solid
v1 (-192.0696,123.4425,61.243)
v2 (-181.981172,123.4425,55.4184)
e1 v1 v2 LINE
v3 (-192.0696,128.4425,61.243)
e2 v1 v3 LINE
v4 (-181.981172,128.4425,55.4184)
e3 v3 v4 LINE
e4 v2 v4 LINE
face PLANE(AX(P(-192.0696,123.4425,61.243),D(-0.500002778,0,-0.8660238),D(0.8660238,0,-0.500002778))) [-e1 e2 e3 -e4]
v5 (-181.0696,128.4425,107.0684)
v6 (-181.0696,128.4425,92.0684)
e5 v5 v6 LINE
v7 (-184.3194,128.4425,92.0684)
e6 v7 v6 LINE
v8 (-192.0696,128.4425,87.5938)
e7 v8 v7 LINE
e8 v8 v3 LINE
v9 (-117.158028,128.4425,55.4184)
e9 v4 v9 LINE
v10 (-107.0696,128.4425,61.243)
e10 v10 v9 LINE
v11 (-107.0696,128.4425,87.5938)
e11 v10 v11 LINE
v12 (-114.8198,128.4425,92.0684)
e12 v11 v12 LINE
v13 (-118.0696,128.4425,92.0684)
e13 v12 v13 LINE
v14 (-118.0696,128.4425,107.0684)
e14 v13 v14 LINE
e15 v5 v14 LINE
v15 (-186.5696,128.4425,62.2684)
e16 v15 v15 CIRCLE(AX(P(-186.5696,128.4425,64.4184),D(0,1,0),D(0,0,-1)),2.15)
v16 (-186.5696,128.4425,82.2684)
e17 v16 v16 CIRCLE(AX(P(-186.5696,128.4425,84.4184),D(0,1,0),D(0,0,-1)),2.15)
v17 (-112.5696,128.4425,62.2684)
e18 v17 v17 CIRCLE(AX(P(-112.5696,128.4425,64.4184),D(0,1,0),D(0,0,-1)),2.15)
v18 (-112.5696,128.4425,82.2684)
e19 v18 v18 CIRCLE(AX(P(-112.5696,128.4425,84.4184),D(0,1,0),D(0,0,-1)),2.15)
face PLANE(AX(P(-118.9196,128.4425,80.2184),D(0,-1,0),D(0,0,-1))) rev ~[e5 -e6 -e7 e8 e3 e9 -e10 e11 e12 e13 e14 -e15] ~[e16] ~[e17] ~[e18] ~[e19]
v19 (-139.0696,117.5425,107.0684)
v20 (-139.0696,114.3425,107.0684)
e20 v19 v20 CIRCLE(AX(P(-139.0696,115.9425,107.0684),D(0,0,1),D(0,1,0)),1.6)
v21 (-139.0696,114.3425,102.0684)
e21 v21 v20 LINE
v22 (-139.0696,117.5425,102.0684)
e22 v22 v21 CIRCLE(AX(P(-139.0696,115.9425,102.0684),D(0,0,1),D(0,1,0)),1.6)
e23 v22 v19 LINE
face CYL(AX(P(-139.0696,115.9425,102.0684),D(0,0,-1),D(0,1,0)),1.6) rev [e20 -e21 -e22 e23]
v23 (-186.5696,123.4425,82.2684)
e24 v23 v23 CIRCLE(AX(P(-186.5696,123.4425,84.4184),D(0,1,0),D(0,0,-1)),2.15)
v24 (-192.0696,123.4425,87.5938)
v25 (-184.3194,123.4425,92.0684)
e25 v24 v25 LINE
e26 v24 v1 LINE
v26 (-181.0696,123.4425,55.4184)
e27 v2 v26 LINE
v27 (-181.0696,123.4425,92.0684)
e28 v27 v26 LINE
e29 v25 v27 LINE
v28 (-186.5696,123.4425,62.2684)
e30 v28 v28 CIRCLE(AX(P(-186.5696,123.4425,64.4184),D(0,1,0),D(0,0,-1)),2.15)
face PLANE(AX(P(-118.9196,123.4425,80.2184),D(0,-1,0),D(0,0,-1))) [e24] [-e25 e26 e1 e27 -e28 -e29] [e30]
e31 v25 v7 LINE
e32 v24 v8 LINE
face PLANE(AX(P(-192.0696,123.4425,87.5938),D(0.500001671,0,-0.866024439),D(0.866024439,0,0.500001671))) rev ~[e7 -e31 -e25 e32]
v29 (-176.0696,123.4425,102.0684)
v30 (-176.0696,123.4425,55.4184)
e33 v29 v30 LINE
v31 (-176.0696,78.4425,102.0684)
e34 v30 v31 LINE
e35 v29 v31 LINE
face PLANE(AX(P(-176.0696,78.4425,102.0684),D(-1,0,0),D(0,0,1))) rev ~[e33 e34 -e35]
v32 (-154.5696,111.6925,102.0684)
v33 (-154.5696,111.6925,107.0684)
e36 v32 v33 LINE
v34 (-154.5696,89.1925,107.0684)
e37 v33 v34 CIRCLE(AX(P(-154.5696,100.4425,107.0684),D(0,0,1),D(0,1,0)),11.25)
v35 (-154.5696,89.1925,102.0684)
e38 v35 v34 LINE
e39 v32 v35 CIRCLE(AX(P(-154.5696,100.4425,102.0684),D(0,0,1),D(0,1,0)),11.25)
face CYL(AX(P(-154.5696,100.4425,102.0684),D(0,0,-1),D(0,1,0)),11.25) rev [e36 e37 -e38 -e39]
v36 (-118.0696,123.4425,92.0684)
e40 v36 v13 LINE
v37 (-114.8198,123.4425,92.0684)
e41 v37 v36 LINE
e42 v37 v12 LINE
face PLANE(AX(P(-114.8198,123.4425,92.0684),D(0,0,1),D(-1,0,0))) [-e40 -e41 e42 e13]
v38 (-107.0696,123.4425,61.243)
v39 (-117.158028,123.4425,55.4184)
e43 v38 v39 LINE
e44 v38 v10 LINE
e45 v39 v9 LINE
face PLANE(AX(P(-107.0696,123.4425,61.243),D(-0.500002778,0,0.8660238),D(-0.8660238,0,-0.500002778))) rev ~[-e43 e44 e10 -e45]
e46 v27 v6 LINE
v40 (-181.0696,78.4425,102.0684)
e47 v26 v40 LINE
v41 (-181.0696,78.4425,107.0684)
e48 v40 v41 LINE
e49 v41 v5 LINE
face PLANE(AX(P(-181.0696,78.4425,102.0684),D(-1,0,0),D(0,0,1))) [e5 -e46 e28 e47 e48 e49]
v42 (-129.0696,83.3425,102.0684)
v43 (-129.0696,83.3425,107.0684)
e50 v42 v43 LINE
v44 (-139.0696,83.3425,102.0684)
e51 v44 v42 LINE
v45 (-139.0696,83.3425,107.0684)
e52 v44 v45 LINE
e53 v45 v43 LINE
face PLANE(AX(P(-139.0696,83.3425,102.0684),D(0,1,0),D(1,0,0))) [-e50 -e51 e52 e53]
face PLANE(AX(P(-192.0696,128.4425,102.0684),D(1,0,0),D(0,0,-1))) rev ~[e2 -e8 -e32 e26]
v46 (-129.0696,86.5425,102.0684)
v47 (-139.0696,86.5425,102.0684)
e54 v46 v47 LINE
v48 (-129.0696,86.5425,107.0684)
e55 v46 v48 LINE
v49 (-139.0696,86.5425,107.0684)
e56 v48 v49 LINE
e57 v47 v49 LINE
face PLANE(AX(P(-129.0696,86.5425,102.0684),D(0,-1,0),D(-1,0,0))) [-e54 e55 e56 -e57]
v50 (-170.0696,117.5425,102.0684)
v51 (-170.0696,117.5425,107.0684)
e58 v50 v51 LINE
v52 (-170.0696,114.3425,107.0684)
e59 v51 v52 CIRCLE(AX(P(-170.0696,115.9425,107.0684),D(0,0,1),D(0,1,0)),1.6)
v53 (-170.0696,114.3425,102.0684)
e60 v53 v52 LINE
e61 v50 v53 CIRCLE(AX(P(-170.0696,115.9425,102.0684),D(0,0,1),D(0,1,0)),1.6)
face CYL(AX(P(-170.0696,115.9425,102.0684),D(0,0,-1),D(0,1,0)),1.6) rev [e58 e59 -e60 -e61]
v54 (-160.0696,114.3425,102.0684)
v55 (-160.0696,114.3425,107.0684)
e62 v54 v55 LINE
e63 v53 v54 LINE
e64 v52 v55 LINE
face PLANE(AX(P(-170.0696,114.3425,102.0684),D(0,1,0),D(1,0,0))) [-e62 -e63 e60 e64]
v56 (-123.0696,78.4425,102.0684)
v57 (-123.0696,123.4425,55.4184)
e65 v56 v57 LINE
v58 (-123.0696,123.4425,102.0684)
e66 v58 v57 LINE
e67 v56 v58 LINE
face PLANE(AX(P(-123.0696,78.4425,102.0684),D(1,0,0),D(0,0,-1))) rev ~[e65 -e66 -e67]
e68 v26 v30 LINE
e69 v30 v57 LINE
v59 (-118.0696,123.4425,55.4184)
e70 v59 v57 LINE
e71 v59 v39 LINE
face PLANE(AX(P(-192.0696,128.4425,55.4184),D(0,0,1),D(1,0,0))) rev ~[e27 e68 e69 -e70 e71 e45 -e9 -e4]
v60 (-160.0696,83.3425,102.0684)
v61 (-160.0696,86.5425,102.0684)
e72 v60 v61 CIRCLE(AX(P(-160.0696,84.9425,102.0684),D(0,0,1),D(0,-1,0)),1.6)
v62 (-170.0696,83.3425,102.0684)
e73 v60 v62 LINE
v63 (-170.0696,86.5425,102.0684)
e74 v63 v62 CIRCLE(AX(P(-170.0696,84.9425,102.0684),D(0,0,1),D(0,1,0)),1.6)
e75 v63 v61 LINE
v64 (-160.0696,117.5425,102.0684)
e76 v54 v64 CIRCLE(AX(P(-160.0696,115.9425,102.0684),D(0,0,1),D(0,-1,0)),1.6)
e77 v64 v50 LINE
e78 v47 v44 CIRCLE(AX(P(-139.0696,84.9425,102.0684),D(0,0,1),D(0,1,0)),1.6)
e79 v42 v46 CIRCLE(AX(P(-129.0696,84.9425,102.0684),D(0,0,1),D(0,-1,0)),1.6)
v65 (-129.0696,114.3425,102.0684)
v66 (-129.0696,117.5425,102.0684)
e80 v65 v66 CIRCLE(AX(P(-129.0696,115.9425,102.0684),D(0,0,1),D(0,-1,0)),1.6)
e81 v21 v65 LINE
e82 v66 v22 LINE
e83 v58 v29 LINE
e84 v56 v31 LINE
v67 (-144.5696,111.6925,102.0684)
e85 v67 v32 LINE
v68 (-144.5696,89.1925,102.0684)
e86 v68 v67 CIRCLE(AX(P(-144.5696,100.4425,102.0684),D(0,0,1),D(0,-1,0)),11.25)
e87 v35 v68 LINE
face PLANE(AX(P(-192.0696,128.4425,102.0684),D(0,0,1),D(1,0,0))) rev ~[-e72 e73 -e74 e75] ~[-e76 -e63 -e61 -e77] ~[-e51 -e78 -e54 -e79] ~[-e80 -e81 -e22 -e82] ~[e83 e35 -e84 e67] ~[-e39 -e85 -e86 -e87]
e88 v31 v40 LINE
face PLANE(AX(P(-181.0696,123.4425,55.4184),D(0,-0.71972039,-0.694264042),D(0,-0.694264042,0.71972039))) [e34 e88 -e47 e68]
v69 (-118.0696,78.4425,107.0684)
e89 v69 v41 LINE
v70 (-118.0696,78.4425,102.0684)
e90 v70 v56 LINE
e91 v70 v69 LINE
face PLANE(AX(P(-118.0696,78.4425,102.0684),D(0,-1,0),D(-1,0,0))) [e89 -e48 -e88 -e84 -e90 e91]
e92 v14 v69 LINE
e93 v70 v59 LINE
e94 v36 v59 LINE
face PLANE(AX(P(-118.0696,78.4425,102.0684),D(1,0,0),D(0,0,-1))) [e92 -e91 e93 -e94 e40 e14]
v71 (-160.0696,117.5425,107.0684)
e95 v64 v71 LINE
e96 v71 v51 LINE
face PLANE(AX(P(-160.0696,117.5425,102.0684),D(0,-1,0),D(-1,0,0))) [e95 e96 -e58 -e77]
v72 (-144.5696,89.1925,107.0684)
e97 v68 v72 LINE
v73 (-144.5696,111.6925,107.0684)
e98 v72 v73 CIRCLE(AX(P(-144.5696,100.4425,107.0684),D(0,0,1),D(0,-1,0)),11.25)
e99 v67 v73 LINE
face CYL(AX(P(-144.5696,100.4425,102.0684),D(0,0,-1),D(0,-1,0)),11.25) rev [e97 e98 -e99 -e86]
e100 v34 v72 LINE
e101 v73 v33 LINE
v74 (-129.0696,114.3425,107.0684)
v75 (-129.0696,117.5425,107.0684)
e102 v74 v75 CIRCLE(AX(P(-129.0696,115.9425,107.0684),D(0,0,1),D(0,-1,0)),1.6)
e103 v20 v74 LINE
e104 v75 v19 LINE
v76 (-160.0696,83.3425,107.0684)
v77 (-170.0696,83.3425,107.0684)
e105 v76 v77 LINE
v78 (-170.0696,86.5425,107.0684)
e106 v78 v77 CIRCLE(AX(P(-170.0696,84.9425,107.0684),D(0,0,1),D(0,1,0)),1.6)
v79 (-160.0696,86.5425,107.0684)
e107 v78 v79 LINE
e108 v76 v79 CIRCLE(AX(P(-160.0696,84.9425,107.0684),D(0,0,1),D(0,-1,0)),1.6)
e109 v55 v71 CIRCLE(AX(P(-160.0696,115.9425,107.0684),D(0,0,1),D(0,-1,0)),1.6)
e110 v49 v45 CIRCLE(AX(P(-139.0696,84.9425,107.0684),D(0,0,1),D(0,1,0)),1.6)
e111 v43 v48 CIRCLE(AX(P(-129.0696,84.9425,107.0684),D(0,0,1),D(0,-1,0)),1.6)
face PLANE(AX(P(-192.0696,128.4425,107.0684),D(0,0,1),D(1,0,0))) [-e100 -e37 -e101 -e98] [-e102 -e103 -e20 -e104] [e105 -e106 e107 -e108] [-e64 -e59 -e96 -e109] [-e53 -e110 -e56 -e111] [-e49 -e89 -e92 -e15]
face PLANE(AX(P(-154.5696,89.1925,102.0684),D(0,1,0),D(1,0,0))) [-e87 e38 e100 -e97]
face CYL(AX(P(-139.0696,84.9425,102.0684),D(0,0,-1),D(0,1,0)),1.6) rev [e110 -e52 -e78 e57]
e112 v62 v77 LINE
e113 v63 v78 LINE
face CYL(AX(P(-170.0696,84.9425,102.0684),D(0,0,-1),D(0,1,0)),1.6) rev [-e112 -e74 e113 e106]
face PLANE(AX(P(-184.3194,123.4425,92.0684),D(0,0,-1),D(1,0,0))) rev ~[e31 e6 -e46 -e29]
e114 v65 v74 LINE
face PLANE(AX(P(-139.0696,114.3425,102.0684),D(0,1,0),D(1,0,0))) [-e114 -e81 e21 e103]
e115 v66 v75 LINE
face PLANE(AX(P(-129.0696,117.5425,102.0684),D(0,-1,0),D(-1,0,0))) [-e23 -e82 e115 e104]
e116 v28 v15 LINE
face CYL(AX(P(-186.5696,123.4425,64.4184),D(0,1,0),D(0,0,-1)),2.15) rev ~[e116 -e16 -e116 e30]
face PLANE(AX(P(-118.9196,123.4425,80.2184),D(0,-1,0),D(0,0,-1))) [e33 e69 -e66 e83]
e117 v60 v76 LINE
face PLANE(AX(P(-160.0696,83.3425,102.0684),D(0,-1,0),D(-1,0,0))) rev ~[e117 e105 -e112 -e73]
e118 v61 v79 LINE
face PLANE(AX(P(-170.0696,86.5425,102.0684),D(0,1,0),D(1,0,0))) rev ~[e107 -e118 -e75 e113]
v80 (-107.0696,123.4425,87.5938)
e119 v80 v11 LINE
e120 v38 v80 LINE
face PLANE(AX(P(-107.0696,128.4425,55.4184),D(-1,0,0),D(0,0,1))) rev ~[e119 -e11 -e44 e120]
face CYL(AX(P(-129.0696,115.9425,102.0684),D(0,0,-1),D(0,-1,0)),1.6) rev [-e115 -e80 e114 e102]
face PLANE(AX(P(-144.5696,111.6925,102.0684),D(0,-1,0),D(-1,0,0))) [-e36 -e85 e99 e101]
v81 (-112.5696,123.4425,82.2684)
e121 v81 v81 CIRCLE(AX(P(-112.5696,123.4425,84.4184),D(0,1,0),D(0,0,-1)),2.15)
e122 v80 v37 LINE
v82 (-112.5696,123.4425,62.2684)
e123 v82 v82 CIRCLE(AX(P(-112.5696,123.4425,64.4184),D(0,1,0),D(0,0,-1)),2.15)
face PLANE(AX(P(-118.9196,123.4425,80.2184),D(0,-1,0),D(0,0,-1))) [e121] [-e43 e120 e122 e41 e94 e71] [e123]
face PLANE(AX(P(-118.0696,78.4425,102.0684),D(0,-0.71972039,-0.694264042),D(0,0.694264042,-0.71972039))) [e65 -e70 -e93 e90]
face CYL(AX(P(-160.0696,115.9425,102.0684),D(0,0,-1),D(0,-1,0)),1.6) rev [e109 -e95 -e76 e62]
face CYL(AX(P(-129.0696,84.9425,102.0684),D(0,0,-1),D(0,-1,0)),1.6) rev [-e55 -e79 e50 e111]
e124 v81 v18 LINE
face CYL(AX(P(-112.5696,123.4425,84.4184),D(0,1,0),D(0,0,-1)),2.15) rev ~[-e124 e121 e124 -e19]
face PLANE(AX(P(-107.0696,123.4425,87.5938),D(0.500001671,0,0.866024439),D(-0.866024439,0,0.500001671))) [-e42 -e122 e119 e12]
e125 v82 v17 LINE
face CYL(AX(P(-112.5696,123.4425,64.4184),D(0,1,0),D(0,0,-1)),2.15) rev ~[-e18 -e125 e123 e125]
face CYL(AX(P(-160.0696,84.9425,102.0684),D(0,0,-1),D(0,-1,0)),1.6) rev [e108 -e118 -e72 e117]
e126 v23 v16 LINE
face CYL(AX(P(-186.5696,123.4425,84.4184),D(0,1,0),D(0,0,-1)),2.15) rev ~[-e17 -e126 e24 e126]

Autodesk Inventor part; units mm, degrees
ref_plane "XZ Plane" through (0, 0, 0) normal (0, 1, 0) x (-1, 0, 0)
ref_plane "XY Plane" through (0, 0, 0) normal (0, 0, 1) x (1, 0, 0)
ref_plane "Work Plane1" through (-118.9196, 128.4425, 80.2184) normal (0, -1, 0) x (0, 0, -1)
sketch "Sketch1" plane through (-118.9196, 128.4425, 80.2184) normal (0, -1, 0) x (0, 0, -1)
  line L0 (-4.2, -124) -> (-4.2, 744) construction
  line L1 (15.8, -124) -> (15.8, 744) construction
  line L2 (25.8, 100) -> (25.8, 520) construction
  line L3 (-21.85, -73.15) -> (24.8, -73.15)
  line L4 (24.8, -73.15) -> (24.8, 11.85)
  line L5 (24.8, 11.85) -> (-21.85, 11.85)
  line L6 (-21.85, 11.85) -> (-21.85, -73.15)
  line L7 (25.8, -30.65) -> (5.6685, -30.65) construction
  circle A0 centre (15.8, -67.65) radius 5.5 construction
  circle A1 centre (15.8, 6.35) radius 5.5 construction
  line L8 (5.8, -58.8473) -> (5.8, 42.3952) construction
  circle A2 centre (-4.2, -67.65) radius 5.5 construction
  circle A3 centre (-4.2, 6.35) radius 5.5 construction
  point P0 (80.2184, 118.9196)
  point P1 (18.9754, -73.15)
  point P2 (24.8, -26.5615)
  dimension "d0" = 1
  dimension "d1" = 47.65
  dimension "d3" = 11
  dimension "d4" = 63
  dimension "d7" = 0
  dimension "d9" = 10
  dimension "d10" = 10
extrude "Extrusion1" add sketch "Sketch1" along normal blind 5
ref_plane "Work Plane2" through (-149.5696, 123.4425, 102.0684) normal (1, 0, 0) x (0, 1, 0)
sketch "Sketch4" plane through (-192.0696, 128.4425, 102.0684) normal (0, 0, 1) x (1, 0, 0)
  line L0 (85, 0) -> (0, 0) construction
  line L1 (0, 0) -> (0, -5) construction
  line L2 (85, -5) -> (0, -5) construction
  line L3 (85, 0) -> (85, -5) construction
  line L4 (0, 0) -> (85, 0) construction
  line L5 (42.5, 0) -> (42.5, -58.6666) construction
  line L6 (11, 0) -> (74, 0)
  line L7 (74, 0) -> (74, -50)
  line L8 (74, -50) -> (11, -50)
  line L9 (11, -50) -> (11, 0)
  line L10 (27, -43.5) -> (58, -43.5) construction
  line L11 (58, -43.5) -> (58, -12.5) construction
  line L12 (58, -12.5) -> (27, -12.5) construction
  line L13 (27, -12.5) -> (27, -43.5) construction
  line L14 (27, -43.5) -> (58, -12.5) construction
  line L15 (58, -43.5) -> (27, -12.5) construction
  line L16 (32, -12.5) -> (22, -12.5) construction
  line L17 (32, -10.9) -> (22, -10.9)
  line L18 (22, -14.1) -> (32, -14.1)
  arc A0 (32, -14.1) -> (32, -10.9) centre (32, -12.5) ccw
  arc A1 (22, -10.9) -> (22, -14.1) centre (22, -12.5) ccw
  line L19 (53, -12.5) -> (63, -12.5) construction
  line L20 (53, -14.1) -> (63, -14.1)
  line L21 (63, -10.9) -> (53, -10.9)
  arc A2 (53, -10.9) -> (53, -14.1) centre (53, -12.5) ccw
  arc A3 (63, -14.1) -> (63, -10.9) centre (63, -12.5) ccw
  line L22 (32, -43.5) -> (22, -43.5) construction
  line L23 (32, -45.1) -> (22, -45.1)
  line L24 (22, -41.9) -> (32, -41.9)
  arc A4 (32, -45.1) -> (32, -41.9) centre (32, -43.5) ccw
  arc A5 (22, -41.9) -> (22, -45.1) centre (22, -43.5) ccw
  line L25 (53, -43.5) -> (63, -43.5) construction
  line L26 (53, -45.1) -> (63, -45.1)
  line L27 (63, -41.9) -> (53, -41.9)
  arc A6 (53, -41.9) -> (53, -45.1) centre (53, -43.5) ccw
  arc A7 (63, -45.1) -> (63, -41.9) centre (63, -43.5) ccw
  line L28 (37.5, -28) -> (47.5, -28) construction
  line L29 (37.5, -39.25) -> (47.5, -39.25)
  line L30 (47.5, -16.75) -> (37.5, -16.75)
  arc A8 (37.5, -16.75) -> (37.5, -39.25) centre (37.5, -28) ccw
  arc A9 (47.5, -39.25) -> (47.5, -16.75) centre (47.5, -28) ccw
  point P0 (192.0696, -128.4425)
  point P1 (42.5, -28)
  dimension "d14" = 63
  dimension "d15" = 45
  dimension "d16" = 31
  dimension "d17" = 31
  dimension "d18" = 3.2
  dimension "d19" = 10
  dimension "d21" = 10
  dimension "d22" = 1.6
  dimension "d23" = 10
  dimension "d24" = 10
  dimension "d25" = 1.6
  dimension "d26" = 1.6
  dimension "d27" = 22.5
  dimension "d28" = 10
extrude "Extrusion2" add sketch "Sketch4" along normal blind 5
sketch "Sketch5" plane through (-181.0696, 78.4425, 102.0684) normal (-1, 0, 0) x (0, 0, 1)
  line L0 (0, 45) -> (0, 0) projected
  line L1 (0, 45) -> (-46.65, 45) projected
  line L2 (-46.65, 50) -> (-46.65, 45) projected
  line L3 (0, 0) -> (0, 45) projected
  line L4 (-46.65, 45) -> (0, 0)
  point P0 (-102.0684, -78.4425)
extrude "Extrusion3" add sketch "Sketch5" against normal blind 5
sketch "Sketch6" plane through (-118.0696, 78.4425, 102.0684) normal (1, 0, 0) x (0, 0, -1)
  line L0 (0, 0) -> (46.65, 45) projected
  line L1 (0, 45) -> (46.65, 45) projected
  line L2 (0, 0) -> (0, 45) projected
  point P0 (102.0684, -78.4425)
extrude "Extrusion4" add sketch "Sketch6" against normal blind 5
sketch "Sketch7" plane through (-118.9196, 123.4425, 80.2184) normal (0, -1, 0) x (1, 0, 0)
  circle A0 centre (-67.65, -15.8) radius 5.5 construction
  circle A1 centre (-67.65, 4.2) radius 5.5 construction
  circle A2 centre (6.35, 4.2) radius 5.5 construction
  circle A3 centre (6.35, -15.8) radius 5.5 construction
  point P0 (118.9196, -80.2184)
hole "Hole1" at (-186.5696, 123.4425, 84.4184) at (-186.5696, 123.4425, 64.4184) at (-112.5696, 123.4425, 64.4184) at (-112.5696, 123.4425, 84.4184) direction (0, 1, 0) diameter 4.3 end through all clearance for "Hex Head Cap Screw DIN EN 24017" size "M4" standard "DIN"
sketch "Sketch8" plane through (-118.9196, 123.4425, 80.2184) normal (0, -1, 0) x (1, 0, 0)
  circle A0 centre (-67.65, 4.2) radius 2.15 projected
  circle A1 centre (-67.65, -15.8) radius 2.15 projected
  line L0 (-62.15, -24.8) -> (-62.15, 21.85) projected
  line L1 (-62.15, 21.85) -> (-73.15, 21.85) projected
  line L2 (-73.15, 21.85) -> (-73.15, -24.8) projected
  line L3 (-73.15, -24.8) -> (-62.15, -24.8) projected
  circle A2 centre (6.35, -15.8) radius 2.15 projected
  circle A3 centre (6.35, 4.2) radius 2.15 projected
  line L4 (0.85, 21.85) -> (0.85, -24.8) projected
  line L5 (0.85, -24.8) -> (11.85, -24.8) projected
  line L6 (11.85, -24.8) -> (11.85, 21.85) projected
  line L7 (11.85, 21.85) -> (0.85, 21.85) projected
  line L8 (-73.15, 7.3754) -> (-65.3998, 11.85)
  line L9 (-73.15, -18.9754) -> (-62.15, -25.3263)
  line L10 (11.85, 7.3754) -> (4.0998, 11.85)
  line L11 (11.85, -18.9754) -> (0.85, -25.3263)
  line L12 (-65.3998, 11.85) -> (-62.15, 11.85)
  line L13 (4.0998, 11.85) -> (0.85, 11.85)
  point P0 (118.9196, -80.2184)
  point P1 (37.3678, 12.85)
  point P2 (-28.6678, 12.85)
  point P3 (1.7615, -24.8)
  point P4 (-63.0615, -24.8)
  point P5 (37.3678, 12.85)
  dimension "d42" = 60
  dimension "d43" = 5.5
  dimension "d44" = 60
  dimension "d45" = 5.5
  dimension "d46" = 60
  dimension "d47" = 5.5
  dimension "d48" = 60
  dimension "d49" = 5.5
  dimension "d53" = 7.65
  dimension "d54" = 7.65
extrude "Extrusion5" cut sketch "Sketch8" against normal blind 5 contours L12 L8 L2 L1 L0 | L3 L2 L9 | L7 L6 L10 L13 L4 | L11 L6 L5
equation "\"d1\" = MOTOR_HEIGHT"
equation "\"d9\" = d10"
equation "\"d19\" = SLOT_PLAY"
equation "\"d21\" = d19"
equation "\"d22\" = 0.5 * d18"
equation "\"d23\" = d19"
equation "\"d24\" = d19"
equation "\"d25\" = d22"
equation "\"d26\" = d22"
equation "\"d28\" = SLOT_PLAY"
equation "\"d44\" = d42"
equation "\"d45\" = d43"
equation "\"d47\" = d43"
equation "\"d49\" = d45"
equation "\"d54\" = d53"
equation "\"MOTOR_HEIGHT\" = 47.65"
equation "\"SLOT_PLAY\" = 10"
properties part number "MotorBracketV2"
